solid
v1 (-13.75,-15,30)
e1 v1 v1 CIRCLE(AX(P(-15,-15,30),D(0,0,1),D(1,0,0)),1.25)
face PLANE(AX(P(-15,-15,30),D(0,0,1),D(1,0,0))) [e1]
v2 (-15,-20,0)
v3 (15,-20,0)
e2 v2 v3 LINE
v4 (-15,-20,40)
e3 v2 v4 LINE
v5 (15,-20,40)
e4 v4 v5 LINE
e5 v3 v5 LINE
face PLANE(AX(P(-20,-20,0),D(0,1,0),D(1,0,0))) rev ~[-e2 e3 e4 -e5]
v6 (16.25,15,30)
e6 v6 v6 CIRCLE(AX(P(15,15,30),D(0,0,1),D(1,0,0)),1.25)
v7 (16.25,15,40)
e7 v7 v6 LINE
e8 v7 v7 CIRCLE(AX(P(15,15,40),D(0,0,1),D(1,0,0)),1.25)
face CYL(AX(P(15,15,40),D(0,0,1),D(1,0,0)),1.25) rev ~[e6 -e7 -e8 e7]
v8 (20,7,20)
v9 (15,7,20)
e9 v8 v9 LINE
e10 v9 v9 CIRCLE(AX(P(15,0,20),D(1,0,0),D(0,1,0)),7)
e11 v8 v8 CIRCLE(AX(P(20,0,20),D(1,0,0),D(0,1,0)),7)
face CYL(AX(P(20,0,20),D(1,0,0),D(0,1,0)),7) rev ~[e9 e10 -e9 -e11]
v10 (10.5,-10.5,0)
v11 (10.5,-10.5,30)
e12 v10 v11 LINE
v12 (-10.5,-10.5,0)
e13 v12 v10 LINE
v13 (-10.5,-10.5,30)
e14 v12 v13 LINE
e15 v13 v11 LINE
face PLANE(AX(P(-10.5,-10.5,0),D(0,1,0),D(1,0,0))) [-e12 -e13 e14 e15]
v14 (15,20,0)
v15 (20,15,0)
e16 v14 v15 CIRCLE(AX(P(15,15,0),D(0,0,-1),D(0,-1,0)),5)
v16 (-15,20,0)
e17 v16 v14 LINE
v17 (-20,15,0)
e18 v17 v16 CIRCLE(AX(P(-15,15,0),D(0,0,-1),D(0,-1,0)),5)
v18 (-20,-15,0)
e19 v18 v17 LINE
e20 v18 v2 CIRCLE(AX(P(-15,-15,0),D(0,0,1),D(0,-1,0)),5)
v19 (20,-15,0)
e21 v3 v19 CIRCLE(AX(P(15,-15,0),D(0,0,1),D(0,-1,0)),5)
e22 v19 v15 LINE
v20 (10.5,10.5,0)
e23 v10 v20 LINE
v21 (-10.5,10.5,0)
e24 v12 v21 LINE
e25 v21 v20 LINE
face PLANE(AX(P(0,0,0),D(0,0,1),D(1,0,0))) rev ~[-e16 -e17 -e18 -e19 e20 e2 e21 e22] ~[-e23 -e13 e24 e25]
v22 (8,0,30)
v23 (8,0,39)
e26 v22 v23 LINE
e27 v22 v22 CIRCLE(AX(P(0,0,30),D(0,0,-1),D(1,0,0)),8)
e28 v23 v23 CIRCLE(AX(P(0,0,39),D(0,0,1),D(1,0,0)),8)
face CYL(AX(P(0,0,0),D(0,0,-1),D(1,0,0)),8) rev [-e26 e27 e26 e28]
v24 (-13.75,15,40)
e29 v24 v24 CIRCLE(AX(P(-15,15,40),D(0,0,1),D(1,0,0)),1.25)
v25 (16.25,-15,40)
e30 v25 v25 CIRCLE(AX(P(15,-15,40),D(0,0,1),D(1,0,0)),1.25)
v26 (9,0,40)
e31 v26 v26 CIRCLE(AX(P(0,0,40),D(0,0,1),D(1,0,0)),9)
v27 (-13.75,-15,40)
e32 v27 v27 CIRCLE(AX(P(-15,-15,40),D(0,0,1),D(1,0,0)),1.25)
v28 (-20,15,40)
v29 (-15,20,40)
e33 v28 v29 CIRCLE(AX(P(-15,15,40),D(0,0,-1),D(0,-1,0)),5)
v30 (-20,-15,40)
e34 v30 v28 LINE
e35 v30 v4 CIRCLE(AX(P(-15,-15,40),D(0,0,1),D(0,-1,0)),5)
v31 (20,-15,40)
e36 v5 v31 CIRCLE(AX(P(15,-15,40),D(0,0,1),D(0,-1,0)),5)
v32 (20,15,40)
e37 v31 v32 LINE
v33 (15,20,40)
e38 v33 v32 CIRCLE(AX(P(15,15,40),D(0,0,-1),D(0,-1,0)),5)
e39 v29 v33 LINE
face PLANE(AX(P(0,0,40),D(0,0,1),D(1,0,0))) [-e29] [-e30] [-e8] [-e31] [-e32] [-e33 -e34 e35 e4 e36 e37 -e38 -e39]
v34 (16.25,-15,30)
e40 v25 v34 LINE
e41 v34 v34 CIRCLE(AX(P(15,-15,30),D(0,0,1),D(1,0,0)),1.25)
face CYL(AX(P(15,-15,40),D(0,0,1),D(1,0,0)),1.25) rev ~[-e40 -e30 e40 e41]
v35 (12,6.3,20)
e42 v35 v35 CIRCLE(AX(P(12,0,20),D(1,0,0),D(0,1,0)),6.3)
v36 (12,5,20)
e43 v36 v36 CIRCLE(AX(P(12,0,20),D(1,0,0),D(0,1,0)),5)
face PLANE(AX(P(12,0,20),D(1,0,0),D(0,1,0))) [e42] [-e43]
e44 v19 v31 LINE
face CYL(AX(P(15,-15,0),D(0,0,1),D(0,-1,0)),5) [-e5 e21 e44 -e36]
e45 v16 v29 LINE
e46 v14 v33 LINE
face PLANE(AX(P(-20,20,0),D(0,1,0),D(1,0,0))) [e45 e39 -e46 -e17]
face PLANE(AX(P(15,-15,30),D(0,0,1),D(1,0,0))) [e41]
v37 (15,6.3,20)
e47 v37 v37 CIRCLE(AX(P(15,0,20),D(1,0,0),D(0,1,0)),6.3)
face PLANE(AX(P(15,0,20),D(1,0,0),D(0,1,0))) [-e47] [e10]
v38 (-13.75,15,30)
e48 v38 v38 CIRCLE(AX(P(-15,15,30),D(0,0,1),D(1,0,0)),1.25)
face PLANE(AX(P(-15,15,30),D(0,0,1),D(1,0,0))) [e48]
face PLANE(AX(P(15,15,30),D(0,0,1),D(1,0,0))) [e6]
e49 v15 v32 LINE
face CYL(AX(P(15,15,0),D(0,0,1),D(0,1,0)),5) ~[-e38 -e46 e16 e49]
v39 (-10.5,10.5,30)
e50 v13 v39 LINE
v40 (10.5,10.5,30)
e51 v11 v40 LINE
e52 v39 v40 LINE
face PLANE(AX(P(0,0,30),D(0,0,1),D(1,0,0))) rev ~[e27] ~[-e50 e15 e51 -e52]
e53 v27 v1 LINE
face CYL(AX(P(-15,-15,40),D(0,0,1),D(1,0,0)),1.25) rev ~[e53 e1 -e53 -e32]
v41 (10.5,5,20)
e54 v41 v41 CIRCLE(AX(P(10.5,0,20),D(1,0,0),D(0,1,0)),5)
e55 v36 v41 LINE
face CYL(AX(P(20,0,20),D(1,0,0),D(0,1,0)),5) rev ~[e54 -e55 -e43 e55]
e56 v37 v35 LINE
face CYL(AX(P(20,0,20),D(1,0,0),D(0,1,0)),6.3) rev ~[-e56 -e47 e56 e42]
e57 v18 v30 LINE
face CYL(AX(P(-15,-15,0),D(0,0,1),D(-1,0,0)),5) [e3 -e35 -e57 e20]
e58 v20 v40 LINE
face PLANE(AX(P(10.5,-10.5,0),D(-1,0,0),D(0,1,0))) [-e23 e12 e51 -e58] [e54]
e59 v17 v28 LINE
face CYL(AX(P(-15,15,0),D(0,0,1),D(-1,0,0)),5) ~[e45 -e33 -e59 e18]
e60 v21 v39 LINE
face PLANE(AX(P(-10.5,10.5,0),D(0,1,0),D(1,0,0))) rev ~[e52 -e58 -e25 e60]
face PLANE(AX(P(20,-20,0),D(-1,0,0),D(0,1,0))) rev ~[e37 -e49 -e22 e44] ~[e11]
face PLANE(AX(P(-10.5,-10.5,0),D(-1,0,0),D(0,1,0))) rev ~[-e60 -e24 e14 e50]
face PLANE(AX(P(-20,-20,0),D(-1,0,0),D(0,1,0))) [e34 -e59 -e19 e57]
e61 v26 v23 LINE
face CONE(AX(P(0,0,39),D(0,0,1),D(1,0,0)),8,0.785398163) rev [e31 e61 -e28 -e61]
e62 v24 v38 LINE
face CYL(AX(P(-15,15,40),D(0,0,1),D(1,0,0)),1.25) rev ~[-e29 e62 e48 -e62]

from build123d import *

# Parameters (mm, degrees)
F0_W      = 40
F0_H      = 40
F0_R      = 8
F1_DEPTH  = 40
F2_W      = 21
F2_H      = 21
F3_DEPTH  = 30
F5_R      = 5
F6_DEPTH  = 11
F7_R      = 6.3
F8_DEPTH  = 8
F9_R      = 7
F10_DEPTH = 5
F11_R     = 5
F12_SIZE  = 1
F13_R     = 1.25
F14_DEPTH = 10


with BuildPart() as f1:
    # F0 (on Top) → F1 (new body)
    with BuildSketch(Plane.XY):
        Rectangle(F0_W, F0_H)
        Circle(F0_R, mode=Mode.SUBTRACT)
    extrude(amount=F1_DEPTH)


with BuildPart() as f3:
    # F2 (on Top) → F3 (new body)
    with BuildSketch(Plane.XY):
        Rectangle(F2_W, F2_H)
    extrude(amount=F3_DEPTH)


with BuildPart() as f1_1:
    add(f1.part)

    # F4: cut F3
    add(f3.part, mode=Mode.SUBTRACT)

    # F5 (on face) → F6 (cut)
    with BuildSketch(Plane.YZ.offset(20)):
        with Locations((0, 20)):
            Circle(F5_R)
    extrude(amount=-F6_DEPTH, mode=Mode.SUBTRACT)

    # F7 (on face) → F8 (cut)
    with BuildSketch(Plane.YZ.offset(20)):
        with Locations((0, 20)):
            Circle(F7_R)
    extrude(amount=-F8_DEPTH, mode=Mode.SUBTRACT)

    # F9 (on face) → F10 (cut)
    with BuildSketch(Plane.YZ.offset(20)):
        with Locations((0, 20)):
            Circle(F9_R)
    extrude(amount=-F10_DEPTH, mode=Mode.SUBTRACT)

    # F11
    f11_edges = [f1_1.edges().sort_by_distance(p)[0] for p in [
        (20, 20, 20),
        (-20, 20, 20),
        (-20, -20, 20),
        (20, -20, 20),
    ]]
    fillet(f11_edges, radius=F11_R)

    # F12
    f12_edges = [f1_1.edges().sort_by_distance(p)[0] for p in [
        (-8, 0, 40),
    ]]
    chamfer(f12_edges, length=F12_SIZE)

    # F13 (on face) → F14 (cut)
    with BuildSketch(Plane.XY.offset(40)):
        with Locations((-15, 15)):
            Circle(F13_R)
        with Locations((-15, -15)):
            Circle(F13_R)
        with Locations((15, -15)):
            Circle(F13_R)
        with Locations((15, 15)):
            Circle(F13_R)
    extrude(amount=-F14_DEPTH, mode=Mode.SUBTRACT)


solid = f1_1.part
